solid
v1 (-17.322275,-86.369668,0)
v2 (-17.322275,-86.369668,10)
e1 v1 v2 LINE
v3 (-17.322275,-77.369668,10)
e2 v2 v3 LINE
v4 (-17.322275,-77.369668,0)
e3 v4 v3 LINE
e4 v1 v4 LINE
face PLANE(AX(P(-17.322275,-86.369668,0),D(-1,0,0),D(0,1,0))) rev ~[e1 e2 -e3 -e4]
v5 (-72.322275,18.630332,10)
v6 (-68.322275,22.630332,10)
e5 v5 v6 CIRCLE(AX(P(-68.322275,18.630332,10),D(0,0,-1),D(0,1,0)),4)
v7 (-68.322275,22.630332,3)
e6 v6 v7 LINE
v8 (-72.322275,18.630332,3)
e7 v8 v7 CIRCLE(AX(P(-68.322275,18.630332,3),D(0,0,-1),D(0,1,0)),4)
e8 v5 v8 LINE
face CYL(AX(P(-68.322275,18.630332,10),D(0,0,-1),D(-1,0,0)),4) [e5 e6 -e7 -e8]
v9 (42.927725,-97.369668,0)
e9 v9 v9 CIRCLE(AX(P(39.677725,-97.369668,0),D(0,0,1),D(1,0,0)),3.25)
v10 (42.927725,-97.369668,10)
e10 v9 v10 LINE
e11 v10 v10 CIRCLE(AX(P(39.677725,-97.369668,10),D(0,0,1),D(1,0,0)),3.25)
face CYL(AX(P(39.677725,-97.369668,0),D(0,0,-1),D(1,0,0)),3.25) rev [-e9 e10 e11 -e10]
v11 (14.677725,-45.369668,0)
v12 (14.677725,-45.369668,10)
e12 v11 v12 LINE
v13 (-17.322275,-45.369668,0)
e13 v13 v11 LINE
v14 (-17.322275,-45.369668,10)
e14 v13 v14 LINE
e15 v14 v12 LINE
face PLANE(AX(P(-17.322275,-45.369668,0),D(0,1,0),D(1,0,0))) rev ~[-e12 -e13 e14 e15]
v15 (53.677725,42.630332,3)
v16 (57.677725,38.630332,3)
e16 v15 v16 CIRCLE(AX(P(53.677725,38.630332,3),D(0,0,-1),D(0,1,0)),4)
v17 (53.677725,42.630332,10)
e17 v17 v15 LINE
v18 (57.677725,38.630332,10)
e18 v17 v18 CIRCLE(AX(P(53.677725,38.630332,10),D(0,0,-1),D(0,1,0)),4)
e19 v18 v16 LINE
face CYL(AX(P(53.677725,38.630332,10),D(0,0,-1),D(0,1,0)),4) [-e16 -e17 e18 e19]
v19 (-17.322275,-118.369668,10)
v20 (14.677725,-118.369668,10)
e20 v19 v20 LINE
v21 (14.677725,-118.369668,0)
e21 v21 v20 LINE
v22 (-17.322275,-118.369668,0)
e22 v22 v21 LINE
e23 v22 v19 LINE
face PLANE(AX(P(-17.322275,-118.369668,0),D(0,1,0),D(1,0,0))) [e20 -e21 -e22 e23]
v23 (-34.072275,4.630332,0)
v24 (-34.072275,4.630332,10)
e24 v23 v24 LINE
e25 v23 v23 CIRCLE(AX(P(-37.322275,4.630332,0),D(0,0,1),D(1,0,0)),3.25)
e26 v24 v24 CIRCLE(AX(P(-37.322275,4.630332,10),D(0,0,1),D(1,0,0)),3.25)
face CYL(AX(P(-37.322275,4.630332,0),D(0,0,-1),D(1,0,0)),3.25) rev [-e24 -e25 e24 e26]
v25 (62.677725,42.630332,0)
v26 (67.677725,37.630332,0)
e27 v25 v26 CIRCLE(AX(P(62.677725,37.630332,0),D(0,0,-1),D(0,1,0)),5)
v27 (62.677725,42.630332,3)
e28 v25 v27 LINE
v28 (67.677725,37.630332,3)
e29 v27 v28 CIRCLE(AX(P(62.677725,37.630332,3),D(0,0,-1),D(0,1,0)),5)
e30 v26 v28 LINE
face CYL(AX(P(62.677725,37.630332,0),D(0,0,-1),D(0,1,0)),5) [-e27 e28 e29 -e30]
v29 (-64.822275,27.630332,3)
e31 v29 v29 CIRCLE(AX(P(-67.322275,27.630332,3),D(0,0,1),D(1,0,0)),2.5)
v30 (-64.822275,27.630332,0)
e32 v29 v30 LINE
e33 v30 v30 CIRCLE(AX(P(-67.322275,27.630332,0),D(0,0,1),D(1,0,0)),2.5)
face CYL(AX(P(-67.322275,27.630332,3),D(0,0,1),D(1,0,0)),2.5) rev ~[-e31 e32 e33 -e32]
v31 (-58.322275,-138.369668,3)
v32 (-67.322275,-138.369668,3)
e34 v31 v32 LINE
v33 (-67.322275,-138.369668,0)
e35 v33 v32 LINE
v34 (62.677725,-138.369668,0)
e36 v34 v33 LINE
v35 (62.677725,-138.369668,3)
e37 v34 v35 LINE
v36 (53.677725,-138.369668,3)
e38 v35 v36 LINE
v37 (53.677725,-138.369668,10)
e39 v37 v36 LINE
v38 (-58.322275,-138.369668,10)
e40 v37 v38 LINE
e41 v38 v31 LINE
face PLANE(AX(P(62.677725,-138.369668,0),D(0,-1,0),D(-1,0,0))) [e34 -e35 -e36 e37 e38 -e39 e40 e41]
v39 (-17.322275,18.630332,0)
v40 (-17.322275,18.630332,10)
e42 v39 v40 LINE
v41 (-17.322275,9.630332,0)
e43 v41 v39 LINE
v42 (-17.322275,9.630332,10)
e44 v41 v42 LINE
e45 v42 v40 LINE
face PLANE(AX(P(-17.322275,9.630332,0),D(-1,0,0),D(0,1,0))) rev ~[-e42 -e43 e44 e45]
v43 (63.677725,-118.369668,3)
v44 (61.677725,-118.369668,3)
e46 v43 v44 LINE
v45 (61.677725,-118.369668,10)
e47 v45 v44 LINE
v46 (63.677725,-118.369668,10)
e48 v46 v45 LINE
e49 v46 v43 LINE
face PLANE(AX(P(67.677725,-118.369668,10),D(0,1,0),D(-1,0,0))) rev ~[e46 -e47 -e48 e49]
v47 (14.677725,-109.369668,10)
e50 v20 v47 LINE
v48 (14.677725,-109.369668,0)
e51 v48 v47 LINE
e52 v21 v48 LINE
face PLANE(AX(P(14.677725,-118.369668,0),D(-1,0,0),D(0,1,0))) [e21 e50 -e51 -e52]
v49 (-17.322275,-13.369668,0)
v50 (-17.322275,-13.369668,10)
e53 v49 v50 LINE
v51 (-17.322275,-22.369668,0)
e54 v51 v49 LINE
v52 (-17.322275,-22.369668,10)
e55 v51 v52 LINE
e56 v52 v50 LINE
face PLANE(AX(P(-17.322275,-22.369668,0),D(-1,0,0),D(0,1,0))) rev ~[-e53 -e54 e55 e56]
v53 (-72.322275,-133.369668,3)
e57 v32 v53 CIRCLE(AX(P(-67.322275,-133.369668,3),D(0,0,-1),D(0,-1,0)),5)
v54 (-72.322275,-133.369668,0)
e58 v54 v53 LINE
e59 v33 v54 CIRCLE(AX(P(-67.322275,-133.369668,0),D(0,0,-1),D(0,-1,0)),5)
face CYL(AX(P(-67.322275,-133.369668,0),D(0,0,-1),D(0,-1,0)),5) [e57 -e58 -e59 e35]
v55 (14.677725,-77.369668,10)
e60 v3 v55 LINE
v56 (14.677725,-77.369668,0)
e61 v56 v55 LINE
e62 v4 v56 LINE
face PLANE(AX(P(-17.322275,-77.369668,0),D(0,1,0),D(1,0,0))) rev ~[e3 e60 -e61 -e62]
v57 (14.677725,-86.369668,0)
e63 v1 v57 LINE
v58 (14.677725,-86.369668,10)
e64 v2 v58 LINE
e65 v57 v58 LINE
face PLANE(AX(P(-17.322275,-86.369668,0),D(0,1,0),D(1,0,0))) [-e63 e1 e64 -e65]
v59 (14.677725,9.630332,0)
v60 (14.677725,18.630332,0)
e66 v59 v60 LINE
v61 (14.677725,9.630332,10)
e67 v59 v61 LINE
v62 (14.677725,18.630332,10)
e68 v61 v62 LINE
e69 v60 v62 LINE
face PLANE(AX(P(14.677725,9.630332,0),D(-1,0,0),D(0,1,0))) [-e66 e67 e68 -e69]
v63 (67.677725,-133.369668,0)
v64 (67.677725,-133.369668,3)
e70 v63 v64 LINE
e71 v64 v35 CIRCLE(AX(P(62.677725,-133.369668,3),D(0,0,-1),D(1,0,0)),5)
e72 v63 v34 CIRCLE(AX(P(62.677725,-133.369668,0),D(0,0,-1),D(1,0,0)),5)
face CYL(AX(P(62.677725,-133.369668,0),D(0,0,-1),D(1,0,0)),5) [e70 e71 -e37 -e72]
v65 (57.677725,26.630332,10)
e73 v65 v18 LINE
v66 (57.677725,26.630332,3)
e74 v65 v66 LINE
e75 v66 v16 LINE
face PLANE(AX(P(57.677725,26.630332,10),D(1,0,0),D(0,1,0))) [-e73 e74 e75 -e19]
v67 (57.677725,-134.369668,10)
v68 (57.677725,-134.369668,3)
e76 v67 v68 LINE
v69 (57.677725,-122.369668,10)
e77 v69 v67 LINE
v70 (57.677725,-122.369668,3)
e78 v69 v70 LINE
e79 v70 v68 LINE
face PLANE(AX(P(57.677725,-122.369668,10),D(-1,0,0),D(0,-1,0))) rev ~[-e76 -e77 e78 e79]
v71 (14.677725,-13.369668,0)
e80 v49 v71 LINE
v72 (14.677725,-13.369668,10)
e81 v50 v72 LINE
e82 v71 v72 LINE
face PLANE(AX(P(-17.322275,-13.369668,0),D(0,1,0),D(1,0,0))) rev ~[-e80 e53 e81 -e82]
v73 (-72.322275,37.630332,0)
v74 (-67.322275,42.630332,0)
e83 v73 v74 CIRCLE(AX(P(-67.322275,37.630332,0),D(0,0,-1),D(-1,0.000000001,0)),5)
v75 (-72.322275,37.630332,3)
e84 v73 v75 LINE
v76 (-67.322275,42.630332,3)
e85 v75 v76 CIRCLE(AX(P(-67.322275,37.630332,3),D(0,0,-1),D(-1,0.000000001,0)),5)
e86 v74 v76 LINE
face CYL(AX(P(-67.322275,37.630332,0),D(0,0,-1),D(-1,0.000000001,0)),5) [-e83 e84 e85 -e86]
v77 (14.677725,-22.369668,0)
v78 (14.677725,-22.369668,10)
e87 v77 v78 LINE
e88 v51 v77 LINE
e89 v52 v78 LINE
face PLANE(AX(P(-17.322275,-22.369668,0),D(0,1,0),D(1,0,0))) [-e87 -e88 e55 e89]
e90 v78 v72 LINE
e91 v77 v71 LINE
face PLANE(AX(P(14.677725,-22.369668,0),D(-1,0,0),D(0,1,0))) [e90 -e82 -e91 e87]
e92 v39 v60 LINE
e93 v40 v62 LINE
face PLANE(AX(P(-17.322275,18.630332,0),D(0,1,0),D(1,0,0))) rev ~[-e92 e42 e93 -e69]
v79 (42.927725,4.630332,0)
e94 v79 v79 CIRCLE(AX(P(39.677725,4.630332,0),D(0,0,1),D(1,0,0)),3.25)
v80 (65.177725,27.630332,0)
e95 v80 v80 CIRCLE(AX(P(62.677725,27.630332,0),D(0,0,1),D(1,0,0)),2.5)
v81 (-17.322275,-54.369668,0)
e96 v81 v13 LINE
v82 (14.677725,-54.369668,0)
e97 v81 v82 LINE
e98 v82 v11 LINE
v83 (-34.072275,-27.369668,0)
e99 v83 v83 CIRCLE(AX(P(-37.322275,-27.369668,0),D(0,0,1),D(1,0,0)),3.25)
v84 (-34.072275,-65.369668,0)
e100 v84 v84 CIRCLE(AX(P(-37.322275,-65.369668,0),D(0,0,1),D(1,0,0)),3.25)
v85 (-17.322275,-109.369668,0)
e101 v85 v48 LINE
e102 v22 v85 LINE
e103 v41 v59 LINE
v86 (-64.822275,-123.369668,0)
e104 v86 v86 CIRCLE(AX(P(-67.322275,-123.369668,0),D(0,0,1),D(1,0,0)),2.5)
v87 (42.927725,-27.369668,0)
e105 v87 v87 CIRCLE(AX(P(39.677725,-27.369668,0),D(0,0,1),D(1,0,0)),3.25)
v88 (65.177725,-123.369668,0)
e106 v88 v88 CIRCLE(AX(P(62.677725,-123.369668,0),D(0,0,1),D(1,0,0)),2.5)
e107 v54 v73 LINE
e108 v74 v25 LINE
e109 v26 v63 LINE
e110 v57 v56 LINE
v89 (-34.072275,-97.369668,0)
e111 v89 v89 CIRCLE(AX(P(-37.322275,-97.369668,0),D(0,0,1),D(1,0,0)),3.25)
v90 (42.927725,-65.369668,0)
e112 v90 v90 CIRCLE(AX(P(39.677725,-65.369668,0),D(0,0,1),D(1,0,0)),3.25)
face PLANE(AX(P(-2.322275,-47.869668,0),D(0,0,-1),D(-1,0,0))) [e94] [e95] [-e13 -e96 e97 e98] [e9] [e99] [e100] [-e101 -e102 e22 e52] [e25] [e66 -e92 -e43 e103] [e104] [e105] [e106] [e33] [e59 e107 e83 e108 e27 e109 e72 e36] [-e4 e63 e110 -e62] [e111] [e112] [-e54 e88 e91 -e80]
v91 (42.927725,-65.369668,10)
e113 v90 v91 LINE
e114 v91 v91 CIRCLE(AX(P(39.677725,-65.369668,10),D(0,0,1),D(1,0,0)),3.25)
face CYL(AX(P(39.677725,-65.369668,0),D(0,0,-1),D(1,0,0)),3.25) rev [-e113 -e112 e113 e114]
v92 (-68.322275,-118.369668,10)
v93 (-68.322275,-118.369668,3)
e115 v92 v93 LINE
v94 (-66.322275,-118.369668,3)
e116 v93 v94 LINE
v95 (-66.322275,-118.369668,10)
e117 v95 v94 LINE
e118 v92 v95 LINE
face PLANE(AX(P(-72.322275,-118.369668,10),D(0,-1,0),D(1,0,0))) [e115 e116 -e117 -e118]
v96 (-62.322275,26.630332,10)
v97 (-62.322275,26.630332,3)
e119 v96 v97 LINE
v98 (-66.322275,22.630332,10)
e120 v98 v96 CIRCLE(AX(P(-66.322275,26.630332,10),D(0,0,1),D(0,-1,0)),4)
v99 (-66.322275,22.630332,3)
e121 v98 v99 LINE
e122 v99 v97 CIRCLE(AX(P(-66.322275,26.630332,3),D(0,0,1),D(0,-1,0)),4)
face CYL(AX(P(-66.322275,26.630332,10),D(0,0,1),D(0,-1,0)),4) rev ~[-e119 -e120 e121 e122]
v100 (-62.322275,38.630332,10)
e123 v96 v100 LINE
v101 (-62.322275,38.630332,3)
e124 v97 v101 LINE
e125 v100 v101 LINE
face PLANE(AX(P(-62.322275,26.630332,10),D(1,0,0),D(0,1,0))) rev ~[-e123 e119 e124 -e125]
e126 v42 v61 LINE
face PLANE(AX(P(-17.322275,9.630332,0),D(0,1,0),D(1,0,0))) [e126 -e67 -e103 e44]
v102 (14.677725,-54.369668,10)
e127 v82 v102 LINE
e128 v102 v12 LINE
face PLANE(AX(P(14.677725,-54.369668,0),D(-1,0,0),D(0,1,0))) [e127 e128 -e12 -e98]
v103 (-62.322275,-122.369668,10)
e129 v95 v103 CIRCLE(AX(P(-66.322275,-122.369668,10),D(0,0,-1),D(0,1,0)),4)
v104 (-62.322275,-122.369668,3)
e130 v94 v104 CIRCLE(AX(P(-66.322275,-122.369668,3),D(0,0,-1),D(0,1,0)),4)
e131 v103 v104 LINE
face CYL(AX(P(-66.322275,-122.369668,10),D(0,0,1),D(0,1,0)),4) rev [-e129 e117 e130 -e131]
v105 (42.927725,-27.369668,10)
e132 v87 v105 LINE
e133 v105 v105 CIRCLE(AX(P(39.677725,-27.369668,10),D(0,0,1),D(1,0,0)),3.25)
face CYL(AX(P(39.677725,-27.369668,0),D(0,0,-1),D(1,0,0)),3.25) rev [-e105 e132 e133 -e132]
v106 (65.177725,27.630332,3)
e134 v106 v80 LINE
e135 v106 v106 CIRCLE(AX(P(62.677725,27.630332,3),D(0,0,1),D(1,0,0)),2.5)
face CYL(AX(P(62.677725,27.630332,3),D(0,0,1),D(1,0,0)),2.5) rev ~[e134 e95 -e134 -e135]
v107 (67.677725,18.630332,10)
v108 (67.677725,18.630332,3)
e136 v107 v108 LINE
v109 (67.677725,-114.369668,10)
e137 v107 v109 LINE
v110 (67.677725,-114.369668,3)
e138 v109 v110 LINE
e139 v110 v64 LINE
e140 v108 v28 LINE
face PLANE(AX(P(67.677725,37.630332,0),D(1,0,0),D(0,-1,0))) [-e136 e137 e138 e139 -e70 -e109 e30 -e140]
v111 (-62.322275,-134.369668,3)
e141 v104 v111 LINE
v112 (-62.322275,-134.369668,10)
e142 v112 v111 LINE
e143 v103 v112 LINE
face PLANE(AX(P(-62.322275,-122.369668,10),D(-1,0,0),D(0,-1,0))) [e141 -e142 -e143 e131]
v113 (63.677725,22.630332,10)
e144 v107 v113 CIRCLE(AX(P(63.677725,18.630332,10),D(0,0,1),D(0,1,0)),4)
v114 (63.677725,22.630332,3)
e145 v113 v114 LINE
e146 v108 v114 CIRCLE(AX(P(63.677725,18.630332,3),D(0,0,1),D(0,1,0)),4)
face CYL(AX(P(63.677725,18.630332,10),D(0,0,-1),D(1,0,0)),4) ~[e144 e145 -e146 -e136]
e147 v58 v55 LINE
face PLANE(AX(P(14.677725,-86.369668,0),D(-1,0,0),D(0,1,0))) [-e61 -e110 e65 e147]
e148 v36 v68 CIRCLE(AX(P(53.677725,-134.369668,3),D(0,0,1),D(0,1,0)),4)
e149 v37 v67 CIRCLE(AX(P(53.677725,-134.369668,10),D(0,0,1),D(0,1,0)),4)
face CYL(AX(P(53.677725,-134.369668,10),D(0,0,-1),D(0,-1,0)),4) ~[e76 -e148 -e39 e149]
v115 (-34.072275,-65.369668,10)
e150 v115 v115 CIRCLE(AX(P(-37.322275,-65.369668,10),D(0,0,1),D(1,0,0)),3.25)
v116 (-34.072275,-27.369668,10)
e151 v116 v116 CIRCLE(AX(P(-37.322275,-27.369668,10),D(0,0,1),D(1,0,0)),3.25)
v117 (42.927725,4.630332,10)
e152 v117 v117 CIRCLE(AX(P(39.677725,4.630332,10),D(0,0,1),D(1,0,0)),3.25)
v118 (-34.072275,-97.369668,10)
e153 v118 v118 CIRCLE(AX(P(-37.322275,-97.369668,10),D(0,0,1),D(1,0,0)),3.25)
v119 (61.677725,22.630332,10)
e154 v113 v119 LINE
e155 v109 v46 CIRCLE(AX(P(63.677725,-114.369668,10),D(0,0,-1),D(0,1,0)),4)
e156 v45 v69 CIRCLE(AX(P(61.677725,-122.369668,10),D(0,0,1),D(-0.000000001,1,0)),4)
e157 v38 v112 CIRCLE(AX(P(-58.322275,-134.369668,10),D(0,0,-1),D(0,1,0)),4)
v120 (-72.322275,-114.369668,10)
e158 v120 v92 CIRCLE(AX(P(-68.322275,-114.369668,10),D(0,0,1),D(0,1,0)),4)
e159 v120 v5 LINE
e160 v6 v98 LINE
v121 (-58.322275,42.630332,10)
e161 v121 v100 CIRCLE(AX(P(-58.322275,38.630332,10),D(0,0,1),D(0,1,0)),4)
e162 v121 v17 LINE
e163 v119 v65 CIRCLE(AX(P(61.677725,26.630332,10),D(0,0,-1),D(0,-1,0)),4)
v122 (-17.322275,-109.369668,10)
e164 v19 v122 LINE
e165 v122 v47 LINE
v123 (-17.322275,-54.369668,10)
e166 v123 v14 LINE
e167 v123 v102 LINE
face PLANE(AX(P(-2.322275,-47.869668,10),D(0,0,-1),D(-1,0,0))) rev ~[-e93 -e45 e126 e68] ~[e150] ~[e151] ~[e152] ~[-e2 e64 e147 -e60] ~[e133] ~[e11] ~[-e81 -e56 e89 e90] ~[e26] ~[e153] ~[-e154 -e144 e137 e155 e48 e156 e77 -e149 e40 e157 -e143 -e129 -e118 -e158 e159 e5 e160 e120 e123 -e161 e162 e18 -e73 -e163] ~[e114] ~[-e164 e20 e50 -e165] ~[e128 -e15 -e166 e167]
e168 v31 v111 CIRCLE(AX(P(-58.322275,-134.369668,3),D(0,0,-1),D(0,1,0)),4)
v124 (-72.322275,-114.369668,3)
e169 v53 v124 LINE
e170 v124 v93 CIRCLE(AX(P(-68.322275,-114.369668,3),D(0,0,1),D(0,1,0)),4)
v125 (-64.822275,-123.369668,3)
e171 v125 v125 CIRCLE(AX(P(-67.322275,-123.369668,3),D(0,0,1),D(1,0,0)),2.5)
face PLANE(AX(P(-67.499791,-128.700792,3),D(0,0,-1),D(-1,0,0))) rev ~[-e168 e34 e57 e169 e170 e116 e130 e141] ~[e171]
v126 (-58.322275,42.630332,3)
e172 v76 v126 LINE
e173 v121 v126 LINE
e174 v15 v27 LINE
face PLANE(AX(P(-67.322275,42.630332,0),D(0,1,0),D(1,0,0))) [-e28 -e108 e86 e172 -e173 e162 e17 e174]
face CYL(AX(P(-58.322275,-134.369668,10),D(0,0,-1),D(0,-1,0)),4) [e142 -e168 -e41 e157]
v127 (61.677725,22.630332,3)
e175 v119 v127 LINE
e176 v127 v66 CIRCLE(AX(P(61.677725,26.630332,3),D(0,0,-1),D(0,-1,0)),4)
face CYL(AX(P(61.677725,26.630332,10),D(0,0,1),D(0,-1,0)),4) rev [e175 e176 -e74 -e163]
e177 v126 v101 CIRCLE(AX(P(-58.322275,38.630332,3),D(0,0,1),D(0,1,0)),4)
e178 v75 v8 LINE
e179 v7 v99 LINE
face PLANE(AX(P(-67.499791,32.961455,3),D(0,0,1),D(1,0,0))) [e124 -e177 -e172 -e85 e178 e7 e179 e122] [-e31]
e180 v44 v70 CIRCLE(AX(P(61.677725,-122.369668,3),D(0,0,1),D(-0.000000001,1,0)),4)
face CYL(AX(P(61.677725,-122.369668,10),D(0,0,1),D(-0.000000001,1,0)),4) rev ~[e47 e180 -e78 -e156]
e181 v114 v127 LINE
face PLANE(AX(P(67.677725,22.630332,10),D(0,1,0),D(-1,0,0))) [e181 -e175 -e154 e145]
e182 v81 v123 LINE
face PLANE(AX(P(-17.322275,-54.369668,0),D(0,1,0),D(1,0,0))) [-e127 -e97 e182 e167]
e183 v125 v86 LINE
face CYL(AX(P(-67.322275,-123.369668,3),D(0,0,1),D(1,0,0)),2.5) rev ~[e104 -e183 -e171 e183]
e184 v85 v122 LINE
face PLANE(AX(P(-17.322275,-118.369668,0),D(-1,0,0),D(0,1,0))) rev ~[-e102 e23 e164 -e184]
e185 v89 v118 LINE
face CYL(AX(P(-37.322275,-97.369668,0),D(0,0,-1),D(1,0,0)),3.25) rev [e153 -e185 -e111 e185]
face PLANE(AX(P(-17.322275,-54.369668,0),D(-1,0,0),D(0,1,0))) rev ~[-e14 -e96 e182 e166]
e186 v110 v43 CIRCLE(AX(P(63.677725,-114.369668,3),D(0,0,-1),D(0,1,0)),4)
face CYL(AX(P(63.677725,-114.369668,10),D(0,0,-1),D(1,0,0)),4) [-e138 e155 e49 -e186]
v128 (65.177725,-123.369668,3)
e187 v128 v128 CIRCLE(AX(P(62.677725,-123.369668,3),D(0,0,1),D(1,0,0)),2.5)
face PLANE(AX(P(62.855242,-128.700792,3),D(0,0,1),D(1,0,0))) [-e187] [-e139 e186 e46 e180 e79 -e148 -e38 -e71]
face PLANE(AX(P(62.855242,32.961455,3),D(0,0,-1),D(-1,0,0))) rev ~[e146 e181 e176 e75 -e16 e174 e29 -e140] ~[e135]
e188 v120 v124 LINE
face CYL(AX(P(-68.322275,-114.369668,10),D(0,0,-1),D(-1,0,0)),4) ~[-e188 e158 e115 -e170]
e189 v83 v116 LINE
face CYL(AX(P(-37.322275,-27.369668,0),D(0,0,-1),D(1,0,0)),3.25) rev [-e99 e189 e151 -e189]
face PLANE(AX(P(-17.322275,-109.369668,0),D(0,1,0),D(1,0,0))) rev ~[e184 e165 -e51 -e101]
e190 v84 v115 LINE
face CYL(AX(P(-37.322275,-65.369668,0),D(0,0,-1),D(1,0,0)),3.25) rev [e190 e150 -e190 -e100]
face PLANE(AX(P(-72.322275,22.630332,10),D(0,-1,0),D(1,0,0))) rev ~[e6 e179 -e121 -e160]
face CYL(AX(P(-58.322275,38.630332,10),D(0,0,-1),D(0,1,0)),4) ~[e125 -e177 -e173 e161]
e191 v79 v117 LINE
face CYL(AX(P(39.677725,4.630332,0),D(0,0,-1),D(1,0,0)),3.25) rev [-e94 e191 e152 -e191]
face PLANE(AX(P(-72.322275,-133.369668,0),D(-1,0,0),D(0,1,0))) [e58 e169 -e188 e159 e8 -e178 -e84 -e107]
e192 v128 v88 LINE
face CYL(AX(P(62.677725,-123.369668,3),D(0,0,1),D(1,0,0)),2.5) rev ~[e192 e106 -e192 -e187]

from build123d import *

# Parameters (mm, degrees)
SKETCH1_R           = 3.25
SKETCH1_W           = 32
SKETCH1_H           = 9
BOSS_EXTRUDE1_DEPTH = 10
CUT_EXTRUDE1_DEPTH  = 7
SKETCH3_R           = 2.5
CUT_EXTRUDE2_DEPTH  = 10
FILLET1_R           = 4


with BuildPart() as part:
    # Sketch1 → Boss-Extrude1 (new body)
    with BuildSketch(Plane.XY):
        with BuildLine():
            Line((-67.322274882, 42.630331754), (62.677725118, 42.630331754))
            ThreePointArc((62.677725118, 42.630331754), (66.213259024, 41.165865659), (67.677725118, 37.630331754))
            Line((67.677725118, 37.630331754), (67.677725118, -133.369668246))
            ThreePointArc((67.677725118, -133.369668246), (66.213259024, -136.905202152), (62.677725118, -138.369668246))
            Line((62.677725118, -138.369668246), (-67.322274882, -138.369668246))
            ThreePointArc((-67.322274882, -138.369668246), (-70.857808787, -136.905202152), (-72.322274882, -133.369668246))
            Line((-72.322274882, -133.369668246), (-72.322274882, 37.630331754))
            ThreePointArc((-72.322274882, 37.630331754), (-70.857808787, 41.165865659), (-67.322274882, 42.630331754))
        make_face()
        with Locations((-37.322274882, 4.630331754)):
            Circle(SKETCH1_R, mode=Mode.SUBTRACT)
        with Locations((-37.322274882, -27.369668246)):
            Circle(SKETCH1_R, mode=Mode.SUBTRACT)
        with Locations((-37.322274882, -65.369668246)):
            Circle(SKETCH1_R, mode=Mode.SUBTRACT)
        with Locations((-37.322274882, -97.369668246)):
            Circle(SKETCH1_R, mode=Mode.SUBTRACT)
        with Locations((39.677725118, 4.630331754)):
            Circle(SKETCH1_R, mode=Mode.SUBTRACT)
        with Locations((39.677725118, -27.369668246)):
            Circle(SKETCH1_R, mode=Mode.SUBTRACT)
        with Locations((39.677725118, -65.369668246)):
            Circle(SKETCH1_R, mode=Mode.SUBTRACT)
        with Locations((39.677725118, -97.369668246)):
            Circle(SKETCH1_R, mode=Mode.SUBTRACT)
        with Locations((-1.322274882, 14.130331754)):
            Rectangle(SKETCH1_W, SKETCH1_H, mode=Mode.SUBTRACT)
        with Locations((-1.322274882, -17.869668246)):
            Rectangle(SKETCH1_W, SKETCH1_H, mode=Mode.SUBTRACT)
        with Locations((-1.322274882, -49.869668246)):
            Rectangle(SKETCH1_W, SKETCH1_H, mode=Mode.SUBTRACT)
        with Locations((-1.322274882, -81.869668246)):
            Rectangle(SKETCH1_W, SKETCH1_H, mode=Mode.SUBTRACT)
        with Locations((-1.322274882, -113.869668246)):
            Rectangle(SKETCH1_W, SKETCH1_H, mode=Mode.SUBTRACT)
    extrude(amount=BOSS_EXTRUDE1_DEPTH)

    # Sketch2 → Cut-Extrude1 (cut)
    with BuildSketch(Plane.XY.offset(10)):
        with BuildLine():
            Line((-62.322274882, 42.630331754), (-72.322274882, 42.630331754))
            Line((-72.322274882, 42.630331754), (-72.322274882, 22.630331754))
            Line((-72.322274882, 22.630331754), (-66.322274882, 22.630331754))
            ThreePointArc((-66.322274882, 22.630331754), (-63.493847757, 23.801904629), (-62.322274882, 26.630331754))
            Line((-62.322274882, 26.630331754), (-62.322274882, 42.630331754))
        make_face()
        with BuildLine():
            Line((-72.322274882, -118.369668246), (-66.322274882, -118.369668246))
            ThreePointArc((-66.322274882, -118.369668246), (-63.493847757, -119.541241122), (-62.322274882, -122.369668246))
            Line((-62.322274882, -122.369668246), (-62.322274882, -138.369668246))
            Line((-62.322274882, -138.369668246), (-72.322274882, -138.369668246))
            Line((-72.322274882, -138.369668246), (-72.322274882, -118.369668246))
        make_face()
        with BuildLine():
            Line((57.677725118, -138.369668246), (67.677725118, -138.369668246))
            Line((67.677725118, -138.369668246), (67.677725118, -118.369668246))
            Line((67.677725118, -118.369668246), (61.677725118, -118.369668246))
            ThreePointArc((61.677725118, -118.369668246), (58.849297994, -119.541241122), (57.677725118, -122.369668246))
            Line((57.677725118, -122.369668246), (57.677725118, -138.369668246))
        make_face()
        with BuildLine():
            Line((67.677725118, 22.630331754), (61.677725118, 22.630331754))
            ThreePointArc((61.677725118, 22.630331754), (58.849297994, 23.801904629), (57.677725118, 26.630331754))
            Line((57.677725118, 26.630331754), (57.677725118, 42.630331754))
            Line((57.677725118, 42.630331754), (67.677725118, 42.630331754))
            Line((67.677725118, 42.630331754), (67.677725118, 22.630331754))
        make_face()
    extrude(amount=-CUT_EXTRUDE1_DEPTH, mode=Mode.SUBTRACT)

    # Sketch3 → Cut-Extrude2 (cut)
    with BuildSketch(Plane.XY.offset(3)):
        with Locations((-67.322274882, -123.369668246)):
            Circle(SKETCH3_R)
        with Locations((62.677725118, -123.369668246)):
            Circle(SKETCH3_R)
        with Locations((62.677725118, 27.630331754)):
            Circle(SKETCH3_R)
        with Locations((-67.322274882, 27.630331754)):
            Circle(SKETCH3_R)
    extrude(amount=-CUT_EXTRUDE2_DEPTH, mode=Mode.SUBTRACT)

    # Fillet1
    fillet1_edges = [part.edges().sort_by_distance(p)[0] for p in [
        (57.677725118, 42.630331754, 6.5),
        (67.677725118, 22.630331754, 6.5),
        (67.677725118, -118.369668246, 6.5),
        (57.677725118, -138.369668246, 6.5),
        (-62.322274882, -138.369668246, 6.5),
        (-72.322274882, -118.369668246, 6.5),
        (-72.322274882, 22.630331754, 6.5),
        (-62.322274882, 42.630331754, 6.5),
    ]]
    fillet(fillet1_edges, radius=FILLET1_R)


solid = part.part
